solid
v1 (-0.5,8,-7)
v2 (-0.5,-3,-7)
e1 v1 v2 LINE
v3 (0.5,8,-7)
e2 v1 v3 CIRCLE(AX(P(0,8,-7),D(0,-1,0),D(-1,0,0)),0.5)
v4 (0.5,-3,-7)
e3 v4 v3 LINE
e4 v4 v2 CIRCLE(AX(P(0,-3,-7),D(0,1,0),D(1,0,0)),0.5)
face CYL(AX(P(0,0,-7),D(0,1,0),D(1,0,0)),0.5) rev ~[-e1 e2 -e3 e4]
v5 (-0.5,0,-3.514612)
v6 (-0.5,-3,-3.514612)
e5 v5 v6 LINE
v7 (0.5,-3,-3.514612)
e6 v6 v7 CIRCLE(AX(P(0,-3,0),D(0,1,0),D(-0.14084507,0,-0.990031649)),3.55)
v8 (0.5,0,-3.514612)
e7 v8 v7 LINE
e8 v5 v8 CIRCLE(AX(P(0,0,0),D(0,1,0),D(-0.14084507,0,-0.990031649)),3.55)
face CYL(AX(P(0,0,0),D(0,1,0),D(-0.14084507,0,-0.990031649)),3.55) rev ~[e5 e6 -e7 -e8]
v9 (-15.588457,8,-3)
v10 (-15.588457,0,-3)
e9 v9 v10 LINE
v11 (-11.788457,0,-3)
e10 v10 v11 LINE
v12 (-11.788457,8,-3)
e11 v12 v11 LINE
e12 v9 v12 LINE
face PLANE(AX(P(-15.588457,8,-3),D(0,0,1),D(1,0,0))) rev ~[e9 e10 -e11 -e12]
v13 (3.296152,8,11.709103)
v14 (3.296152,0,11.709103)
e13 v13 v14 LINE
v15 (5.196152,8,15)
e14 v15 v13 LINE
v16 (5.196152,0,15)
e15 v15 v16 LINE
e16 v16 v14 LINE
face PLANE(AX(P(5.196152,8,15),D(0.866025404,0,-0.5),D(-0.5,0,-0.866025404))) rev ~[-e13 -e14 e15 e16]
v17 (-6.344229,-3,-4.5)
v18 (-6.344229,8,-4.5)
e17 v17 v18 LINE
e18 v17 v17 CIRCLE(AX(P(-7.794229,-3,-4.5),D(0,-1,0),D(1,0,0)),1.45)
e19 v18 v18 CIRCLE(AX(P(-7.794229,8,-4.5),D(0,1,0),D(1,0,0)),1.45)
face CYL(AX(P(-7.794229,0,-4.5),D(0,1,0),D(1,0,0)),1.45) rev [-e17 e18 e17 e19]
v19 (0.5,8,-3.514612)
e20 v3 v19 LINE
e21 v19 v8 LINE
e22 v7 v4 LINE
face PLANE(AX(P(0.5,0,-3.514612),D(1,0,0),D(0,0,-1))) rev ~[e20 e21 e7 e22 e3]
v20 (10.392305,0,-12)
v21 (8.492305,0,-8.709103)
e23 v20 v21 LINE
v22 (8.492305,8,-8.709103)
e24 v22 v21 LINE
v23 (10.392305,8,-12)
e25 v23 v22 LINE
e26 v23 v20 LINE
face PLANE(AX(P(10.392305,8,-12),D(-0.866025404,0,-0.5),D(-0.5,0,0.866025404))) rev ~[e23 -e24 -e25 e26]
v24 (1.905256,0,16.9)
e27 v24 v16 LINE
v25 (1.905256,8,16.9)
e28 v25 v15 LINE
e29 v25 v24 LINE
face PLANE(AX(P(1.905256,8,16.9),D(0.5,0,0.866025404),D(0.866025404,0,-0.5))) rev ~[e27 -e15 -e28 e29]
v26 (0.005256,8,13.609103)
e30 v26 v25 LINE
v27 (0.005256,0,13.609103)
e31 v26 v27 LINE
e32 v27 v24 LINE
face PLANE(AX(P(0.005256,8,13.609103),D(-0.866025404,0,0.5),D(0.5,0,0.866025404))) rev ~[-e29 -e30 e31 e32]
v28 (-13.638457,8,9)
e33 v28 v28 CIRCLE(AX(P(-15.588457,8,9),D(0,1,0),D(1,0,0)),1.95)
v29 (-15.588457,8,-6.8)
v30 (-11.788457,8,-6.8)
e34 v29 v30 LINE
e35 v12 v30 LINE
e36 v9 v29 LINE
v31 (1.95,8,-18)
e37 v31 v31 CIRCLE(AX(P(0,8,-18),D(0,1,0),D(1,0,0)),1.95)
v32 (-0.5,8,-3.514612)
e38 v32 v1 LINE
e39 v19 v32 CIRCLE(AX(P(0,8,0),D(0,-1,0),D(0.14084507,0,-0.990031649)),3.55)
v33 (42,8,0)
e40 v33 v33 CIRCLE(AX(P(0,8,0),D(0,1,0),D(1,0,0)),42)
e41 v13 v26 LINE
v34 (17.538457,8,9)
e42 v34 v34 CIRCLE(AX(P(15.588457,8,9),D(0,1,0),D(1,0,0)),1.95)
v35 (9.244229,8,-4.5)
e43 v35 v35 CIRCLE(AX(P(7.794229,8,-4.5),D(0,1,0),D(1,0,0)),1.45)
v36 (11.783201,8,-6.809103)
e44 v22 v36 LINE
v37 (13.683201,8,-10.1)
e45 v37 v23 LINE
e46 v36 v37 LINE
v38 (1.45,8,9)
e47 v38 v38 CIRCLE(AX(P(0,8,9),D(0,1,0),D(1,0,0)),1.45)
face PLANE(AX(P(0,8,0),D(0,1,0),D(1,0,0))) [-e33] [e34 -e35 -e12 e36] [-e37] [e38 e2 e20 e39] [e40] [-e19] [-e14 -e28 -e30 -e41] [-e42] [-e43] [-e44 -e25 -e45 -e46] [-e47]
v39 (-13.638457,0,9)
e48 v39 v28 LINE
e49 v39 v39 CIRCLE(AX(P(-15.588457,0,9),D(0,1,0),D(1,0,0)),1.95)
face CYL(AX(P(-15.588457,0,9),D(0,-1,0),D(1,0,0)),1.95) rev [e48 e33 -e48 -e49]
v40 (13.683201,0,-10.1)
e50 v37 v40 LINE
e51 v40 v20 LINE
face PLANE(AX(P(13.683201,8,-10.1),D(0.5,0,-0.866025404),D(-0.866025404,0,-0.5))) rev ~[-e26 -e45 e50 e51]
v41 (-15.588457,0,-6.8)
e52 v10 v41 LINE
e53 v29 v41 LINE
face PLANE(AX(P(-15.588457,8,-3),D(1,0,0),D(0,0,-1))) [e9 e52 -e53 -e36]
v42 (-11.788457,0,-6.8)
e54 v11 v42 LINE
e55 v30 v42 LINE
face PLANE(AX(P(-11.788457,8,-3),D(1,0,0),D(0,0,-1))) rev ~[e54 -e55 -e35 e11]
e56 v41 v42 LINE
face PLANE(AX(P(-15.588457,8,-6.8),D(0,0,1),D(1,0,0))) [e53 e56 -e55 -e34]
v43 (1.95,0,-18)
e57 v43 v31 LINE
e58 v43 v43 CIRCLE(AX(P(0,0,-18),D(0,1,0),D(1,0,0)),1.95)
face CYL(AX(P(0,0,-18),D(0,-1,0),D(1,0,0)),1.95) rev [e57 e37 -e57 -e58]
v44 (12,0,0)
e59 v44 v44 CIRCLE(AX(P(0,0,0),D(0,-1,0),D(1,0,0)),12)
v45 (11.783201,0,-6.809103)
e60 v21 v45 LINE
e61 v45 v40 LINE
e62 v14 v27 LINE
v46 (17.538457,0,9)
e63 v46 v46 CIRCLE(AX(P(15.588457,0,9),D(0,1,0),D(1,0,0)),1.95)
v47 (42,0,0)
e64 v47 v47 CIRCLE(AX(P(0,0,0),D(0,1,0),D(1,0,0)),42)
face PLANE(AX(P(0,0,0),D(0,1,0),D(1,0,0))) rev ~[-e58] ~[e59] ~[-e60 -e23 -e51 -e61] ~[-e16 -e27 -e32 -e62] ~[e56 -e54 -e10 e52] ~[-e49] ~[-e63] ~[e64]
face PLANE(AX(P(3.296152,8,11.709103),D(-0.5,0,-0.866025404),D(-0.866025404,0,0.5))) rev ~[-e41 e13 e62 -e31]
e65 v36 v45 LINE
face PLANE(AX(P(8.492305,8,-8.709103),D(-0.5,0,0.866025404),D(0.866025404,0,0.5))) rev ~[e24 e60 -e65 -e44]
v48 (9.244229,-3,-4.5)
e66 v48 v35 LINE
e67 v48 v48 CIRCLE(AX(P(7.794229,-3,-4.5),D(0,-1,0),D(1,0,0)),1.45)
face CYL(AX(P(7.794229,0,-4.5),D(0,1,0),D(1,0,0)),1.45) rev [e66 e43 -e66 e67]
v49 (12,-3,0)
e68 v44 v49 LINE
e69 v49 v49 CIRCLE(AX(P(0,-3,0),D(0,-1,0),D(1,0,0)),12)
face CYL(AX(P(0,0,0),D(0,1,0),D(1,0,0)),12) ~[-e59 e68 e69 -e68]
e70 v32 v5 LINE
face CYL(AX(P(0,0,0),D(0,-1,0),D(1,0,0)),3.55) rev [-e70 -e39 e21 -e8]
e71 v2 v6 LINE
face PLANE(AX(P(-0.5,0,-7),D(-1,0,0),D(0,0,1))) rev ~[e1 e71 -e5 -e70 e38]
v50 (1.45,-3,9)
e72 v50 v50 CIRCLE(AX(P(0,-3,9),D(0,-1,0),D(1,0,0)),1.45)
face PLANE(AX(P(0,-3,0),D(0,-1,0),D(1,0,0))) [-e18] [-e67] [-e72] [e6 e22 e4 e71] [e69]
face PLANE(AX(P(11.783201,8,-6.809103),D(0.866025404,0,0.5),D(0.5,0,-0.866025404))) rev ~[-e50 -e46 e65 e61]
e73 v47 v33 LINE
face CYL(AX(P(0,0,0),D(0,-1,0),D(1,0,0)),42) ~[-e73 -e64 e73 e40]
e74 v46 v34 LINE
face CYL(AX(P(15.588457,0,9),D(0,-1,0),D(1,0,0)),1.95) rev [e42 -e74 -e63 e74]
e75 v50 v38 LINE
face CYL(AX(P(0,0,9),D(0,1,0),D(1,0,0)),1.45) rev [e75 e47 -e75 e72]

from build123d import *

# Parameters (mm, degrees)
SKETCH1_R           = 42
SKETCH1_R_2         = 1.95
SKETCH1_R_3         = 3.55
SKETCH1_R_4         = 1.45
BOSS_EXTRUDE1_DEPTH = 8
CUT_EXTRUDE2_DEPTH  = 10
SKETCH4_W           = 3.8
SKETCH4_H           = 3.8
CUT_EXTRUDE3_DEPTH  = 35
SKETCH5_R           = 12
SKETCH5_R_2         = 1.45
BOSS_EXTRUDE2_DEPTH = 3


with BuildPart() as part:
    # Sketch1 → Boss-Extrude1 (new body)
    with BuildSketch(Plane(origin=(0, 0, 0), x_dir=(1, 0, 0), z_dir=(0, 1, 0))):
        Circle(SKETCH1_R)
        with Locations((0, 18)):
            Circle(SKETCH1_R_2, mode=Mode.SUBTRACT)
        with Locations((15.588457268, -9)):
            Circle(SKETCH1_R_2, mode=Mode.SUBTRACT)
        with Locations((-15.588457268, -9)):
            Circle(SKETCH1_R_2, mode=Mode.SUBTRACT)
        Circle(SKETCH1_R_3, mode=Mode.SUBTRACT)
        with Locations((7.794228634, 4.5)):
            Circle(SKETCH1_R_4, mode=Mode.SUBTRACT)
        with Locations((0, -9)):
            Circle(SKETCH1_R_4, mode=Mode.SUBTRACT)
        with Locations((-7.794228634, 4.5)):
            Circle(SKETCH1_R_4, mode=Mode.SUBTRACT)
    extrude(amount=BOSS_EXTRUDE1_DEPTH)

    # Sketch3 → Cut-Extrude2 (cut)
    with BuildSketch(Plane(origin=(0, 8, 0), x_dir=(1, 0, 0), z_dir=(0, 1, 0))):
        with BuildLine():
            Line((0.5, 7), (0.5, 0))
            ThreePointArc((0.5, 0), (0, -0.5), (-0.5, 0))
            Line((-0.5, 0), (-0.5, 7))
            ThreePointArc((-0.5, 7), (0, 7.5), (0.5, 7))
        make_face()
    extrude(amount=-CUT_EXTRUDE2_DEPTH, mode=Mode.SUBTRACT)

    # Sketch4 → Cut-Extrude3 (cut)
    with BuildSketch(Plane(origin=(0, 8, 0), x_dir=(1, 0, 0), z_dir=(0, 1, 0))):
        Polygon((1.905255888, -16.9), (5.196152423, -15), (3.296152423, -11.709103466), (0.005255888, -13.609103466), align=None)
        with Locations((-13.688457268, 4.9)):
            Rectangle(SKETCH4_W, SKETCH4_H)
        Polygon((13.68320138, 10.1), (10.392304845, 12), (8.492304845, 8.709103466), (11.78320138, 6.809103466), align=None)
    extrude(amount=-CUT_EXTRUDE3_DEPTH, mode=Mode.SUBTRACT)

    # Sketch5 → Boss-Extrude2 (add)
    with BuildSketch(Plane.XZ):
        Circle(SKETCH5_R)
        with Locations((0, 9)):
            Circle(SKETCH5_R_2, mode=Mode.SUBTRACT)
        with Locations((-7.794228634, -4.5)):
            Circle(SKETCH5_R_2, mode=Mode.SUBTRACT)
        with Locations((7.794228634, -4.5)):
            Circle(SKETCH5_R_2, mode=Mode.SUBTRACT)
        with BuildLine():
            Line((-0.5, -7), (-0.5, -3.514612354))
            ThreePointArc((-0.5, -3.514612354), (0, 3.55), (0.5, -3.514612354))
            Line((0.5, -3.514612354), (0.5, -7))
            ThreePointArc((0.5, -7), (0, -7.5), (-0.5, -7))
        make_face(mode=Mode.SUBTRACT)
    extrude(amount=BOSS_EXTRUDE2_DEPTH)


solid = part.part
